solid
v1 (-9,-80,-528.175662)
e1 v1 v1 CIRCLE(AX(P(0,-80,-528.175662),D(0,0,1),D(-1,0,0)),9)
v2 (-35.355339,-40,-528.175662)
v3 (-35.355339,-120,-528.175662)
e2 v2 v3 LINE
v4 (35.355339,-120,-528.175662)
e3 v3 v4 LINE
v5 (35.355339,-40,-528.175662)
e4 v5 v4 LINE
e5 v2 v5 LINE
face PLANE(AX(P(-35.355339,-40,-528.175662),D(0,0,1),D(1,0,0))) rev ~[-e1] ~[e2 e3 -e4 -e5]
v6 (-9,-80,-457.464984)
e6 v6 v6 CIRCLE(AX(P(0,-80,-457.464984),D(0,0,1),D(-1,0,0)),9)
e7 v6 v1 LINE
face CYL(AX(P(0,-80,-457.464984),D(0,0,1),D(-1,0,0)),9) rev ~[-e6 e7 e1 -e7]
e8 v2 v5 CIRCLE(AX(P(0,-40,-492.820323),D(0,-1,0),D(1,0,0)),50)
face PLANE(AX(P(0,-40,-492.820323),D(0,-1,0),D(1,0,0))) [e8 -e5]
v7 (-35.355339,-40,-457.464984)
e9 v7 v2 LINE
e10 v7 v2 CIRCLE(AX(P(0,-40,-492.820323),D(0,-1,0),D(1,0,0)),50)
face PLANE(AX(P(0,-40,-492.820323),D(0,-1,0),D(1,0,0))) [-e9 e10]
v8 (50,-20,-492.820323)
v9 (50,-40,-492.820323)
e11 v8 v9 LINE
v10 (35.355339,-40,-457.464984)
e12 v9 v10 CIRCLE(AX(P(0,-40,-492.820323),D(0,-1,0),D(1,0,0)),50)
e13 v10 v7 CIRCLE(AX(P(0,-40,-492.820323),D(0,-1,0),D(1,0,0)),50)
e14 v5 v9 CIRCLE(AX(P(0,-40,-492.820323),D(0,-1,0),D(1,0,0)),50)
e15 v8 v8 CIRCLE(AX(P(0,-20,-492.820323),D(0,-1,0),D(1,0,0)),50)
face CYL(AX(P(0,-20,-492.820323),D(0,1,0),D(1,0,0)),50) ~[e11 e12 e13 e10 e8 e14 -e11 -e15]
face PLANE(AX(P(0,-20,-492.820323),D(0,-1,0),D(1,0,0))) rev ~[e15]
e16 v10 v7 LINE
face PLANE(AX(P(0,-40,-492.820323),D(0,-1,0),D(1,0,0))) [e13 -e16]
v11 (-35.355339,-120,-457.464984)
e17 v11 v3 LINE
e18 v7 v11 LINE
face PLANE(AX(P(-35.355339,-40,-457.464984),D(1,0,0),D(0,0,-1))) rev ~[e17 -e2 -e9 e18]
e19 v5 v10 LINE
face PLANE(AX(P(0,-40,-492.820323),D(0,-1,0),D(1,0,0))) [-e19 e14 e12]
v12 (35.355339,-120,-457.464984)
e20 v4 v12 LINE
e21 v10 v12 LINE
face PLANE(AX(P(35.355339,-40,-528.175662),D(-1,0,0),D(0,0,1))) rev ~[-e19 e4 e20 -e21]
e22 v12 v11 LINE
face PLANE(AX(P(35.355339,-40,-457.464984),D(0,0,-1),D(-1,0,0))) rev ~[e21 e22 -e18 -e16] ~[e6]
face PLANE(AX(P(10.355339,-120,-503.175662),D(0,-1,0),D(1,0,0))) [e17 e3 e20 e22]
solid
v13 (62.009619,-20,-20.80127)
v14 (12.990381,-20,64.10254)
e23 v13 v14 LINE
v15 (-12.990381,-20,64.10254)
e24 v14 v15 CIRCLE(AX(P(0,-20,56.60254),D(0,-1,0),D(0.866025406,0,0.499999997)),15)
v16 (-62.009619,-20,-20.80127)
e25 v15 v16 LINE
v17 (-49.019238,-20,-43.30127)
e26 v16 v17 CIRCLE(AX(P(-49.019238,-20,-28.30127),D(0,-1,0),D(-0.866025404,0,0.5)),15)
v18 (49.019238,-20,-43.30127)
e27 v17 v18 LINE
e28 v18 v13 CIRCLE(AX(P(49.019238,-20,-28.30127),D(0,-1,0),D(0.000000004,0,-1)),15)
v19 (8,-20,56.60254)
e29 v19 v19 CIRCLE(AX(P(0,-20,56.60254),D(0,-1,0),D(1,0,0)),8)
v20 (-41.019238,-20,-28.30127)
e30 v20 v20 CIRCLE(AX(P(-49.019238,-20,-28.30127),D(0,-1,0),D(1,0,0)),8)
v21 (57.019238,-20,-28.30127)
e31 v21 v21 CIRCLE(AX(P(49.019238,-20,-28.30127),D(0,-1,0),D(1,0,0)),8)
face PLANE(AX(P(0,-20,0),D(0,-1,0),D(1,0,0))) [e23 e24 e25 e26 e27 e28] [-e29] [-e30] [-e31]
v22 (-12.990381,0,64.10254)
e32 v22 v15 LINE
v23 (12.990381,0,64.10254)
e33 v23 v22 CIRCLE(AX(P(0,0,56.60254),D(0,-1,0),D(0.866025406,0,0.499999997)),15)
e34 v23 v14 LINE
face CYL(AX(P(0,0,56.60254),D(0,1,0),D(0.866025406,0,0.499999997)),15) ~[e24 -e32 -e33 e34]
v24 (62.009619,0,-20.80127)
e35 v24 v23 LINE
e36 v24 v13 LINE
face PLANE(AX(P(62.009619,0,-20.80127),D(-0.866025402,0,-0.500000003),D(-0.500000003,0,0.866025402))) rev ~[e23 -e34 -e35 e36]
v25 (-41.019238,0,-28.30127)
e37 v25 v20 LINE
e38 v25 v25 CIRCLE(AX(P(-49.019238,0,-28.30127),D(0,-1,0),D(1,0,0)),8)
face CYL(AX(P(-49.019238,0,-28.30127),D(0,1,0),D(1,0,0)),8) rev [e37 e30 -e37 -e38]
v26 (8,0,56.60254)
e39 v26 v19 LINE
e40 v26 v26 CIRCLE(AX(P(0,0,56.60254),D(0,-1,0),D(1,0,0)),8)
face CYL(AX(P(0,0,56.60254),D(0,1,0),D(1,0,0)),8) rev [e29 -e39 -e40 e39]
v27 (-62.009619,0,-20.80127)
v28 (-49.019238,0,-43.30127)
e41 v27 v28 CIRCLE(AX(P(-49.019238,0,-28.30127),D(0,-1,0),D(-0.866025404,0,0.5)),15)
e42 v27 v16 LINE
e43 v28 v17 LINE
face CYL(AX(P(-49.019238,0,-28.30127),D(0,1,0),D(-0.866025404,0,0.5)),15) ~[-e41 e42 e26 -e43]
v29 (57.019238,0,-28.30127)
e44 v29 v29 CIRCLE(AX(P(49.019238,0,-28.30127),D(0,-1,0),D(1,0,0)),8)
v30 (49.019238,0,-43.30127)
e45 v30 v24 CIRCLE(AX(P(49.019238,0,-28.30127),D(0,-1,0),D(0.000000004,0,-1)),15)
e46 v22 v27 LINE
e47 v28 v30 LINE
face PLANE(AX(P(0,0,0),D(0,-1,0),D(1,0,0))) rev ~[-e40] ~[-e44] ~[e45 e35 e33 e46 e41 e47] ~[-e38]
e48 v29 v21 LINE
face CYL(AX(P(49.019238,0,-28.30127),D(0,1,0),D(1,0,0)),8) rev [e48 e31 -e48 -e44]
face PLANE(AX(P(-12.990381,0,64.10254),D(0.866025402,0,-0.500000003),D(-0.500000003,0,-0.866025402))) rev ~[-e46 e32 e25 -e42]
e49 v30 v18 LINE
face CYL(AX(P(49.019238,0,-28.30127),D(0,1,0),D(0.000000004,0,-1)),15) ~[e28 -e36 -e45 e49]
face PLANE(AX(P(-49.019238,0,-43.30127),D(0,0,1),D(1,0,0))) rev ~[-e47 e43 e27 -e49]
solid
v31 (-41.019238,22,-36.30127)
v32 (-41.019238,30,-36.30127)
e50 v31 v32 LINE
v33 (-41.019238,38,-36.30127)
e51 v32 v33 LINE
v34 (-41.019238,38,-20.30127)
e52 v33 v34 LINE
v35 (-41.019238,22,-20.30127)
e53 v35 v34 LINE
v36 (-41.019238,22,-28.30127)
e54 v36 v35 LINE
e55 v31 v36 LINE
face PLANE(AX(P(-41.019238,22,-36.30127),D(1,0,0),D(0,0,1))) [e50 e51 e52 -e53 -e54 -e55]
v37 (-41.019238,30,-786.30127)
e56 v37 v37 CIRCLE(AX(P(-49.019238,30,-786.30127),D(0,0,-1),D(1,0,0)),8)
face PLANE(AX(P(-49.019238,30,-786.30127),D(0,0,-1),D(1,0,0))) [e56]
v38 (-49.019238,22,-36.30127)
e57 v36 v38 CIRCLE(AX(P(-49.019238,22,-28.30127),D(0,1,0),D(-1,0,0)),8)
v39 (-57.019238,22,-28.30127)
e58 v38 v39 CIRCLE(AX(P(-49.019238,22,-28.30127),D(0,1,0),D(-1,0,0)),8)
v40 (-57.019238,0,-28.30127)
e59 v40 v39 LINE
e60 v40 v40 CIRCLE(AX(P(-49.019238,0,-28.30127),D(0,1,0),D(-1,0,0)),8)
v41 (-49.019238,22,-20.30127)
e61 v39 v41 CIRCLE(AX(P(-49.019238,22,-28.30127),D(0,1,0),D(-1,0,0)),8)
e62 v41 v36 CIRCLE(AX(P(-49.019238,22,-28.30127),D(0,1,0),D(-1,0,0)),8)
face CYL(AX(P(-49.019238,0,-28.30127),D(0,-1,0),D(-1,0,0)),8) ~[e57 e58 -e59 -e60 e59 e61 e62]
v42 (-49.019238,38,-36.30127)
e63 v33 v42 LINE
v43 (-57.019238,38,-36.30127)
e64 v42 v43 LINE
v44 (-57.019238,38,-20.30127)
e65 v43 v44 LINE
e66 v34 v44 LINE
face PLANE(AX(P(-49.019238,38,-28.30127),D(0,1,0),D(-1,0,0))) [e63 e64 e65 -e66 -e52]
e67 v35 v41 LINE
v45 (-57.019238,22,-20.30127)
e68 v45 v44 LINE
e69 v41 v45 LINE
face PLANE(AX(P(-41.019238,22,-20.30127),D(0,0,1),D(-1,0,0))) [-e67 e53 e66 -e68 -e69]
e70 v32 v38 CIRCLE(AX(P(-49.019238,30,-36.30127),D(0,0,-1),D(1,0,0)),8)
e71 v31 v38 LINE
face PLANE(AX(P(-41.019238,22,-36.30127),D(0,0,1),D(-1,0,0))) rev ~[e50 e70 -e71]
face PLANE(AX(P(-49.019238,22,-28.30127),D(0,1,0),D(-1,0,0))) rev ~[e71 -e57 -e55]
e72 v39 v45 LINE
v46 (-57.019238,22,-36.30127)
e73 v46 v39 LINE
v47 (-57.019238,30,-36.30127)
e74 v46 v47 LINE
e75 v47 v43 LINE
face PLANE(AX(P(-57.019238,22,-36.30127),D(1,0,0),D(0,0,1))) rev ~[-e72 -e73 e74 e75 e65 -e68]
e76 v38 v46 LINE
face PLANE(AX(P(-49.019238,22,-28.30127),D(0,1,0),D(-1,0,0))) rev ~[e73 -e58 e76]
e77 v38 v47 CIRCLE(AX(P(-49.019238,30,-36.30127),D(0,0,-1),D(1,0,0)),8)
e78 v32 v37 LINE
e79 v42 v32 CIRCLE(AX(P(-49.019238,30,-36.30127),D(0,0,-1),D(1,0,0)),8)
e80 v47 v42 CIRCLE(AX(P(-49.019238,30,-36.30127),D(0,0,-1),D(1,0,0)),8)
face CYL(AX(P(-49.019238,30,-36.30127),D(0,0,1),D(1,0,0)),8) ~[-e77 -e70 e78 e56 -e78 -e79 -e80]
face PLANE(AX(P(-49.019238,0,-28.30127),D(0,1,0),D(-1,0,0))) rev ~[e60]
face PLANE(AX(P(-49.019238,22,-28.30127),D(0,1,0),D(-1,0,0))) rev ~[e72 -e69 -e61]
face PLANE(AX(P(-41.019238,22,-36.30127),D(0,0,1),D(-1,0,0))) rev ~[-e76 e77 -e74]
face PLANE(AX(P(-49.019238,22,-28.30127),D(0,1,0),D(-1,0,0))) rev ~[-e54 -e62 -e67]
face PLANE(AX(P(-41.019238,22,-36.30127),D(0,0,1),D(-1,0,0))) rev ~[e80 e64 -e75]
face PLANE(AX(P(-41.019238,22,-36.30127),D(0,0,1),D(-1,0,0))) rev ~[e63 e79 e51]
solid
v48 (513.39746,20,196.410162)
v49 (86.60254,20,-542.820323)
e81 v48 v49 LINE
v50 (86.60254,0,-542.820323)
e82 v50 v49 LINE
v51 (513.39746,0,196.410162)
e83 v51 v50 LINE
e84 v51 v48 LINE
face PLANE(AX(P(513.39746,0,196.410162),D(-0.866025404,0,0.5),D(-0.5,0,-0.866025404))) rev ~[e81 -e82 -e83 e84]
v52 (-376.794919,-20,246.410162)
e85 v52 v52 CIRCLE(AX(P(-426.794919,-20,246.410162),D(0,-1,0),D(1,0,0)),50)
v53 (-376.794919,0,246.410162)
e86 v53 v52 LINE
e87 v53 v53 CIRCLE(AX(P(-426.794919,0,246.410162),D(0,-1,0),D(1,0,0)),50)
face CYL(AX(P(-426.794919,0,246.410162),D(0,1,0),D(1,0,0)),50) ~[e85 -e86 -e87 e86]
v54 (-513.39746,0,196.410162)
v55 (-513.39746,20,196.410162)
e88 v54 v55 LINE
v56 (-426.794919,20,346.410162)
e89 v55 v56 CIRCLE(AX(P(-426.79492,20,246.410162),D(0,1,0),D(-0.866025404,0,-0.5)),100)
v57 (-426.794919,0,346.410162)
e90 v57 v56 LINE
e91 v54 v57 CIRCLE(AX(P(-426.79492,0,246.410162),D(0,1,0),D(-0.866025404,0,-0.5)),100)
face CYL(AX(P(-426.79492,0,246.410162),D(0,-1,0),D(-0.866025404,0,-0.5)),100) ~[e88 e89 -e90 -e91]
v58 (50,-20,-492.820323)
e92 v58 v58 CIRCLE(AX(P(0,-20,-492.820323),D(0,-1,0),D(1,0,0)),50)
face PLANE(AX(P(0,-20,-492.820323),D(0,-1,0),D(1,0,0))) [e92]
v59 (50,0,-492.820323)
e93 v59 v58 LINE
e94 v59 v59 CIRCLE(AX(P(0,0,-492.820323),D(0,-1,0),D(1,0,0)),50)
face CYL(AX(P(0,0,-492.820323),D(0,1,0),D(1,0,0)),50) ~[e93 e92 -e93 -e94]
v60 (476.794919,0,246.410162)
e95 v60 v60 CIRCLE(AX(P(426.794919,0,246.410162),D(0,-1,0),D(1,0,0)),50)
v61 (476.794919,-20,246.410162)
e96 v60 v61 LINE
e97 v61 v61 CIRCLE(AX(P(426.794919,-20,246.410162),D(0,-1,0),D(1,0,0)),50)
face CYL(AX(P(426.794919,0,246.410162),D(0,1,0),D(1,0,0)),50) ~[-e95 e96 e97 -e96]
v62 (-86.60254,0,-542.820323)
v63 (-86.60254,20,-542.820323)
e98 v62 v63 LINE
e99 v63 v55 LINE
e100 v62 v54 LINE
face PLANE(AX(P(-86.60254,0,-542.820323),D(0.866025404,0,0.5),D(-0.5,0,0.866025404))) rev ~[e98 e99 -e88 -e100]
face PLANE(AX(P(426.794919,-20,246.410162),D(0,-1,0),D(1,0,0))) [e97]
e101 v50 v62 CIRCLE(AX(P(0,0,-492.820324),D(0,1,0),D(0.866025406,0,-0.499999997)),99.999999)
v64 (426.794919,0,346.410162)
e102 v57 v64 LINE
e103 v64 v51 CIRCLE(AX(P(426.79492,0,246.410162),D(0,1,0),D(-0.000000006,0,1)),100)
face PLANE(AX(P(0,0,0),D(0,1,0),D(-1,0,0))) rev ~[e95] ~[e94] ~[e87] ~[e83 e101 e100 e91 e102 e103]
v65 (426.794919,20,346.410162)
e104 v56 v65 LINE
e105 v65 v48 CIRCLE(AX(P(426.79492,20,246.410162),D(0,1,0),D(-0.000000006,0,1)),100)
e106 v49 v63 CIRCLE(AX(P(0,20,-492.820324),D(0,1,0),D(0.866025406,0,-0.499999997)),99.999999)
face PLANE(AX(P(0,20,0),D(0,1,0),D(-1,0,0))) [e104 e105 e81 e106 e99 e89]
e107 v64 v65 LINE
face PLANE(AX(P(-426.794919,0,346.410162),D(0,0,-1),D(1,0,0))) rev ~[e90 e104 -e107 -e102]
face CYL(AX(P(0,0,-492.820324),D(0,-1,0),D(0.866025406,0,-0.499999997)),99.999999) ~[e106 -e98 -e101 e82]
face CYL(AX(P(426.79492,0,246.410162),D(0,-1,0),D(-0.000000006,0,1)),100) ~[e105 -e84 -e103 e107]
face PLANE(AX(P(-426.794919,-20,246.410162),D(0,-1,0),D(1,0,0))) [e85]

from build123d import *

# Parameters (mm, degrees)
F0_R      = 8
F1_DEPTH  = 20
F2_R      = 8
F3_DEPTH  = 22
F4_W      = 16
F4_H      = 16
F5_DEPTH  = 16
F6_R      = 8
F7_DEPTH  = 750
F9_DEPTH  = 20
F10_R     = 50
F11_DEPTH = 20
F12_R     = 50
F13_DEPTH = 20
F15_DEPTH = 80
F17_DEPTH = 100


with BuildPart() as f1:
    # F0 (on Front) → F1 (new body)
    with BuildSketch(Plane.XZ):
        with BuildLine():
            Line((-12.990381, 64.10254), (-62.009619, -20.80127))
            ThreePointArc((-62.009619, -20.80127), (-62.009619, -35.80127), (-49.019238, -43.30127))
            Line((-49.019238, -43.30127), (49.019238, -43.30127))
            ThreePointArc((49.019238, -43.30127), (62.009619, -35.80127), (62.009619, -20.80127))
            Line((62.009619, -20.80127), (12.990381, 64.10254))
            ThreePointArc((12.990381, 64.10254), (0, 71.60254), (-12.990381, 64.10254))
        make_face()
        with Locations((-49.019238, -28.30127)):
            Circle(F0_R, mode=Mode.SUBTRACT)
        with Locations((49.019238, -28.30127)):
            Circle(F0_R, mode=Mode.SUBTRACT)
        with Locations((0, 56.60254)):
            Circle(F0_R, mode=Mode.SUBTRACT)
    extrude(amount=F1_DEPTH)


with BuildPart() as f3:
    # F2 (on face) → F3 (new body)
    with BuildSketch(Plane(origin=(0, 0, 0), x_dir=(-1, 0, 0), z_dir=(0, 1, 0))):
        with Locations((49.019238, -28.30127)):
            Circle(F2_R)
    extrude(amount=F3_DEPTH)

    # F4 (on face) → F5 (join)
    with BuildSketch(Plane(origin=(0, 22, 0), x_dir=(-1, 0, 0), z_dir=(0, 1, 0))):
        with Locations((49.019238, -28.30127)):
            Rectangle(F4_W, F4_H)
    extrude(amount=F5_DEPTH)

    # F6 (on face) → F7 (join)
    with BuildSketch(Plane(origin=(0, 0, -36.30127), x_dir=(1, 0, 0), z_dir=(0, 0, -1))):
        with Locations((-49.019238, -30)):
            Circle(F6_R)
    extrude(amount=F7_DEPTH)


with BuildPart() as f9:
    # F8 (on face) → F9 (new body)
    with BuildSketch(Plane(origin=(0, 0, 0), x_dir=(-1, 0, 0), z_dir=(0, 1, 0))):
        with BuildLine():
            Line((86.60254, -542.820323), (513.39746, 196.410162))
            ThreePointArc((513.39746, 196.410162), (513.39746, 296.410162), (426.794919, 346.410162))
            Line((426.794919, 346.410162), (-426.794919, 346.410162))
            ThreePointArc((-426.794919, 346.410162), (-513.39746, 296.410162), (-513.39746, 196.410162))
            Line((-513.39746, 196.410162), (-86.60254, -542.820323))
            ThreePointArc((-86.60254, -542.820323), (0, -592.820323), (86.60254, -542.820323))
        make_face()
    extrude(amount=F9_DEPTH)

    # F10 (on face) → F11 (join)
    with BuildSketch(Plane.XZ):
        with Locations((0, -492.820323)):
            Circle(F10_R)
        with Locations((-426.794919, 246.410162)):
            Circle(F10_R)
        with Locations((426.794919, 246.410162)):
            Circle(F10_R)
    extrude(amount=F11_DEPTH)


with BuildPart() as f13:
    # F12 (on face) → F13 (new body)
    with BuildSketch(Plane.XZ.offset(20)):
        with Locations((0, -492.820323)):
            Circle(F12_R)
    extrude(amount=F13_DEPTH)

    # F14 (on face) → F15 (join)
    with BuildSketch(Plane.XZ.offset(40)):
        Polygon((35.355339, -457.464984), (-35.355339, -528.175662), (35.355339, -528.175662), align=None)
        Polygon((-35.355339, -457.464984), (-35.355339, -528.175662), (35.355339, -457.464984), align=None)
    extrude(amount=F15_DEPTH)

    # F16 (on face) → F17 (cut)
    with BuildSketch(Plane.XY.offset(-457.464984)):
        with BuildLine():
            Line((-9, -80), (9, -80))
            ThreePointArc((9, -80), (0, -71), (-9, -80))
        make_face()
        with BuildLine():
            ThreePointArc((-9, -80), (0, -89), (9, -80))
            Line((9, -80), (-9, -80))
        make_face()
    extrude(amount=-F17_DEPTH, mode=Mode.SUBTRACT)


solid = Compound([f1.part, f3.part, f9.part, f13.part])
